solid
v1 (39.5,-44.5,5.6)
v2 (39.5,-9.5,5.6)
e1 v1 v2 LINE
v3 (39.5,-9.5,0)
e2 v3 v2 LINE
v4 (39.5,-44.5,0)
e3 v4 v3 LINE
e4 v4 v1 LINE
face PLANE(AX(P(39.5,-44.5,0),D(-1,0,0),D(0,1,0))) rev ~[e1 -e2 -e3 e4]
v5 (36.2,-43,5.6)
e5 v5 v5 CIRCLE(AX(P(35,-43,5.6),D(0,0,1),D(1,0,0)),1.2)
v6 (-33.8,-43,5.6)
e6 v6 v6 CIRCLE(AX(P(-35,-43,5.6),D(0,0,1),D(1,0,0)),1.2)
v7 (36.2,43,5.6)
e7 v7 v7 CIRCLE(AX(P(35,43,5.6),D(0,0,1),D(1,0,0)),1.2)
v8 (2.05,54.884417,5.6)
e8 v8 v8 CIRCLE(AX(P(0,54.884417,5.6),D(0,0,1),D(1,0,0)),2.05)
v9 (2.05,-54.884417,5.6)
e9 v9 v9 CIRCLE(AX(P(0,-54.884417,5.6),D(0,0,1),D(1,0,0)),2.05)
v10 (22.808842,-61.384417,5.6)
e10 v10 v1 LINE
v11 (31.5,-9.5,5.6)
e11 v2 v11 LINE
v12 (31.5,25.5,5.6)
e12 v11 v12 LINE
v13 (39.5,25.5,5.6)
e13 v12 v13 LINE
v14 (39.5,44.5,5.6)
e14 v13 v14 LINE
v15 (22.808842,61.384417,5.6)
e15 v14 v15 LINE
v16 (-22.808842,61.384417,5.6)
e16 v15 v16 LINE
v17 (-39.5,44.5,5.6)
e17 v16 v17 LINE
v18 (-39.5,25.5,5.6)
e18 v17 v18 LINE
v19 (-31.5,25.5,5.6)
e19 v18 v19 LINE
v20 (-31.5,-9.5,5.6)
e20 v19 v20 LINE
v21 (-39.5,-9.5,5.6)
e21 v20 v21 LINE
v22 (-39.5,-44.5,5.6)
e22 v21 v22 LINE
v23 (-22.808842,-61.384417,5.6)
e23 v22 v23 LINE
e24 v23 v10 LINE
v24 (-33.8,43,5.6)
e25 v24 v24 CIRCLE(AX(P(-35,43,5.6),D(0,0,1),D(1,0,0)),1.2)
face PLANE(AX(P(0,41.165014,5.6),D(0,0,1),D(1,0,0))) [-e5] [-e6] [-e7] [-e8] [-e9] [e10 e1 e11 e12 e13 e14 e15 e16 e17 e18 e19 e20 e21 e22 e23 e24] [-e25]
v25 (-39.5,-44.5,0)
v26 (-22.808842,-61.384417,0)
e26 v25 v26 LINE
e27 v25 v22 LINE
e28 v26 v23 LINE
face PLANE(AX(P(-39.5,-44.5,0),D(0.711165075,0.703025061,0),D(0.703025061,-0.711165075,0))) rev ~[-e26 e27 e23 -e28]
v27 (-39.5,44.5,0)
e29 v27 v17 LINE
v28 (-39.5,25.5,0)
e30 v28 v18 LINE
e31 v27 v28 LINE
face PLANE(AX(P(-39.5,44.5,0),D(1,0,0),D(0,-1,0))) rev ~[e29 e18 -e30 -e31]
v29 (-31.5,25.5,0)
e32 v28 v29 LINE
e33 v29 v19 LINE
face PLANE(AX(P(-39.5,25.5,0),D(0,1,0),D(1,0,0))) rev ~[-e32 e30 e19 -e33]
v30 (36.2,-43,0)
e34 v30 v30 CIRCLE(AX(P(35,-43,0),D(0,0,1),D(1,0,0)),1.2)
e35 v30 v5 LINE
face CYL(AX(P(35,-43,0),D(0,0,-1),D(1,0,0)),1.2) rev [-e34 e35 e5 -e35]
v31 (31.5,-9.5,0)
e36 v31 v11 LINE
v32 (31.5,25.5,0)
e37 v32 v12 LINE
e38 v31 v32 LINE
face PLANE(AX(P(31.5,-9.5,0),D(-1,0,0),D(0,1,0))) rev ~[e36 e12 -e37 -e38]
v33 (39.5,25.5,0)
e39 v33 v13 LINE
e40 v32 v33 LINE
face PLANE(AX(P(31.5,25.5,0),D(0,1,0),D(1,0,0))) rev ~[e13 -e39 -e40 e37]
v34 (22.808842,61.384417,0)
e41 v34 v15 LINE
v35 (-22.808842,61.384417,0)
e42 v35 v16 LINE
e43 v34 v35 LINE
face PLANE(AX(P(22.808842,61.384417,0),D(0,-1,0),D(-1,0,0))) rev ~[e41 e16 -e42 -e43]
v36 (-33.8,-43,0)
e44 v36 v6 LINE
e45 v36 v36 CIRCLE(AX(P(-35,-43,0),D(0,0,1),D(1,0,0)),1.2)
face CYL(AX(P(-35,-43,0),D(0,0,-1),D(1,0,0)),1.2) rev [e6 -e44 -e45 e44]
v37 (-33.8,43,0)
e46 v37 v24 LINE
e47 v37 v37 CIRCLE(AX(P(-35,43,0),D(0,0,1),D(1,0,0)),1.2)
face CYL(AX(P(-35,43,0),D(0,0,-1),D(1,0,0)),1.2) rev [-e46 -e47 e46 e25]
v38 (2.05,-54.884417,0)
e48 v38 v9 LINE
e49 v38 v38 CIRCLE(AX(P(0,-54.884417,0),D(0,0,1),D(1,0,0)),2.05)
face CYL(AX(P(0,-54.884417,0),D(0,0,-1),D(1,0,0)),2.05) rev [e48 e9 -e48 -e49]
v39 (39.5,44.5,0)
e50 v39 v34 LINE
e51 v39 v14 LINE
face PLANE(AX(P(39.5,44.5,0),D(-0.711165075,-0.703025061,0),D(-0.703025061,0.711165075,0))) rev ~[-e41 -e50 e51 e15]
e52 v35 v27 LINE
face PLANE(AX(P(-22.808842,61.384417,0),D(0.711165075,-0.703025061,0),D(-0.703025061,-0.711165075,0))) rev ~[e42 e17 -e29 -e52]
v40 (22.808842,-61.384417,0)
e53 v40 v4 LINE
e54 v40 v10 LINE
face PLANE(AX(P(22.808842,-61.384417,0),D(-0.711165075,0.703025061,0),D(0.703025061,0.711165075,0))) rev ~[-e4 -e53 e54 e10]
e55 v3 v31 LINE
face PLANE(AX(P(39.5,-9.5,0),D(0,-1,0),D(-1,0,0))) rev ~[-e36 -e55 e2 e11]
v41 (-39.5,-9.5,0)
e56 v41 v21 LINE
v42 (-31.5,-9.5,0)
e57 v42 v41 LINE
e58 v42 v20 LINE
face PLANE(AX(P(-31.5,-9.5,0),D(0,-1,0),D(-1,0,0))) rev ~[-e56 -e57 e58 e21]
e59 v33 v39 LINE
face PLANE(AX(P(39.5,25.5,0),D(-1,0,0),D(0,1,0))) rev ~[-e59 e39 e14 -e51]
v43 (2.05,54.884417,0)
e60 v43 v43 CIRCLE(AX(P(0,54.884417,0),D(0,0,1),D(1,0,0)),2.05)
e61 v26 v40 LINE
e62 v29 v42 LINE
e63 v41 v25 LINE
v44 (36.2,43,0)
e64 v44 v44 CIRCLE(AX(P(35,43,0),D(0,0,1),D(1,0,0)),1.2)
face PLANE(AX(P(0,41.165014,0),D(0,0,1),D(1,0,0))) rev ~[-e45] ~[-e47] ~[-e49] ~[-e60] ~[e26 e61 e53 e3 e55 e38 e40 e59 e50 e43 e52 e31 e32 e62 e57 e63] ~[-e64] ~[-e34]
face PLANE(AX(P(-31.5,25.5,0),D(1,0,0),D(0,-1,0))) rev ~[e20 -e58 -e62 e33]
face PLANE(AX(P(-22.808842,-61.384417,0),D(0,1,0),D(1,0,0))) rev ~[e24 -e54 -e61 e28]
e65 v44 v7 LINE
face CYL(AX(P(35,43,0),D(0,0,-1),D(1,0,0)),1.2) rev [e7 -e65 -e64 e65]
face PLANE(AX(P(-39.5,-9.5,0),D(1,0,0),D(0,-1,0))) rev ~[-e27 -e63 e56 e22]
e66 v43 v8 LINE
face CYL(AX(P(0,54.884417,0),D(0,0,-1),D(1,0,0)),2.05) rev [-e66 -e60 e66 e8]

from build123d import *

# Parameters (mm, degrees)
F0_R     = 1.2
F0_R_2   = 2.05
F1_DEPTH = 5.6


with BuildPart() as f1:
    # F0 (on Top) → F1 (new body)
    with BuildSketch(Plane.XY):
        with BuildLine():
            Line((31.5, 25.5), (39.5, 25.5))
            Line((39.5, 25.5), (39.5, 44.5))
            Line((39.5, 44.5), (22.808842361, 61.3844171166))
            Line((22.808842361, 61.3844171166), (0, 61.3844171166))
            Line((0, 61.3844171166), (-22.808842361, 61.3844171166))
            Line((-22.808842361, 61.3844171166), (-39.5, 44.5))
            Line((-39.5, 44.5), (-39.5, 25.5))
            Line((-39.5, 25.5), (-31.5, 25.5))
            Line((-31.5, 25.5), (-31.5, 18.901754251))
            ThreePointArc((-31.5, 18.901754251), (0, 41), (31.5, 18.901754251))
            Line((31.5, 18.901754251), (31.5, 25.5))
        make_face()
        with Locations((-35, 43)):
            Circle(F0_R, mode=Mode.SUBTRACT)
        with Locations((0, 54.8844171166)):
            Circle(F0_R_2, mode=Mode.SUBTRACT)
        with Locations((35, 43)):
            Circle(F0_R, mode=Mode.SUBTRACT)
        with BuildLine():
            ThreePointArc((-31.5, -3.901754251), (0, -26), (31.5, -3.901754251))
            Line((31.5, -3.901754251), (31.5, 18.901754251))
            ThreePointArc((31.5, 18.901754251), (0, 41), (-31.5, 18.901754251))
            Line((-31.5, 18.901754251), (-31.5, -3.901754251))
        make_face()
        with BuildLine():
            Line((22.808842361, -61.3844171166), (39.5, -44.5))
            Line((39.5, -44.5), (39.5, -9.5))
            Line((39.5, -9.5), (31.5, -9.5))
            Line((31.5, -9.5), (31.5, -3.901754251))
            ThreePointArc((31.5, -3.901754251), (0, -26), (-31.5, -3.901754251))
            Line((-31.5, -3.901754251), (-31.5, -9.5))
            Line((-31.5, -9.5), (-39.5, -9.5))
            Line((-39.5, -9.5), (-39.5, -44.5))
            Line((-39.5, -44.5), (-22.808842361, -61.3844171166))
            Line((-22.808842361, -61.3844171166), (0, -61.3844171166))
            Line((0, -61.3844171166), (22.808842361, -61.3844171166))
        make_face()
        with Locations((-35, -43)):
            Circle(F0_R, mode=Mode.SUBTRACT)
        with Locations((0, -54.8844171166)):
            Circle(F0_R_2, mode=Mode.SUBTRACT)
        with Locations((35, -43)):
            Circle(F0_R, mode=Mode.SUBTRACT)
    extrude(amount=F1_DEPTH)


solid = f1.part
